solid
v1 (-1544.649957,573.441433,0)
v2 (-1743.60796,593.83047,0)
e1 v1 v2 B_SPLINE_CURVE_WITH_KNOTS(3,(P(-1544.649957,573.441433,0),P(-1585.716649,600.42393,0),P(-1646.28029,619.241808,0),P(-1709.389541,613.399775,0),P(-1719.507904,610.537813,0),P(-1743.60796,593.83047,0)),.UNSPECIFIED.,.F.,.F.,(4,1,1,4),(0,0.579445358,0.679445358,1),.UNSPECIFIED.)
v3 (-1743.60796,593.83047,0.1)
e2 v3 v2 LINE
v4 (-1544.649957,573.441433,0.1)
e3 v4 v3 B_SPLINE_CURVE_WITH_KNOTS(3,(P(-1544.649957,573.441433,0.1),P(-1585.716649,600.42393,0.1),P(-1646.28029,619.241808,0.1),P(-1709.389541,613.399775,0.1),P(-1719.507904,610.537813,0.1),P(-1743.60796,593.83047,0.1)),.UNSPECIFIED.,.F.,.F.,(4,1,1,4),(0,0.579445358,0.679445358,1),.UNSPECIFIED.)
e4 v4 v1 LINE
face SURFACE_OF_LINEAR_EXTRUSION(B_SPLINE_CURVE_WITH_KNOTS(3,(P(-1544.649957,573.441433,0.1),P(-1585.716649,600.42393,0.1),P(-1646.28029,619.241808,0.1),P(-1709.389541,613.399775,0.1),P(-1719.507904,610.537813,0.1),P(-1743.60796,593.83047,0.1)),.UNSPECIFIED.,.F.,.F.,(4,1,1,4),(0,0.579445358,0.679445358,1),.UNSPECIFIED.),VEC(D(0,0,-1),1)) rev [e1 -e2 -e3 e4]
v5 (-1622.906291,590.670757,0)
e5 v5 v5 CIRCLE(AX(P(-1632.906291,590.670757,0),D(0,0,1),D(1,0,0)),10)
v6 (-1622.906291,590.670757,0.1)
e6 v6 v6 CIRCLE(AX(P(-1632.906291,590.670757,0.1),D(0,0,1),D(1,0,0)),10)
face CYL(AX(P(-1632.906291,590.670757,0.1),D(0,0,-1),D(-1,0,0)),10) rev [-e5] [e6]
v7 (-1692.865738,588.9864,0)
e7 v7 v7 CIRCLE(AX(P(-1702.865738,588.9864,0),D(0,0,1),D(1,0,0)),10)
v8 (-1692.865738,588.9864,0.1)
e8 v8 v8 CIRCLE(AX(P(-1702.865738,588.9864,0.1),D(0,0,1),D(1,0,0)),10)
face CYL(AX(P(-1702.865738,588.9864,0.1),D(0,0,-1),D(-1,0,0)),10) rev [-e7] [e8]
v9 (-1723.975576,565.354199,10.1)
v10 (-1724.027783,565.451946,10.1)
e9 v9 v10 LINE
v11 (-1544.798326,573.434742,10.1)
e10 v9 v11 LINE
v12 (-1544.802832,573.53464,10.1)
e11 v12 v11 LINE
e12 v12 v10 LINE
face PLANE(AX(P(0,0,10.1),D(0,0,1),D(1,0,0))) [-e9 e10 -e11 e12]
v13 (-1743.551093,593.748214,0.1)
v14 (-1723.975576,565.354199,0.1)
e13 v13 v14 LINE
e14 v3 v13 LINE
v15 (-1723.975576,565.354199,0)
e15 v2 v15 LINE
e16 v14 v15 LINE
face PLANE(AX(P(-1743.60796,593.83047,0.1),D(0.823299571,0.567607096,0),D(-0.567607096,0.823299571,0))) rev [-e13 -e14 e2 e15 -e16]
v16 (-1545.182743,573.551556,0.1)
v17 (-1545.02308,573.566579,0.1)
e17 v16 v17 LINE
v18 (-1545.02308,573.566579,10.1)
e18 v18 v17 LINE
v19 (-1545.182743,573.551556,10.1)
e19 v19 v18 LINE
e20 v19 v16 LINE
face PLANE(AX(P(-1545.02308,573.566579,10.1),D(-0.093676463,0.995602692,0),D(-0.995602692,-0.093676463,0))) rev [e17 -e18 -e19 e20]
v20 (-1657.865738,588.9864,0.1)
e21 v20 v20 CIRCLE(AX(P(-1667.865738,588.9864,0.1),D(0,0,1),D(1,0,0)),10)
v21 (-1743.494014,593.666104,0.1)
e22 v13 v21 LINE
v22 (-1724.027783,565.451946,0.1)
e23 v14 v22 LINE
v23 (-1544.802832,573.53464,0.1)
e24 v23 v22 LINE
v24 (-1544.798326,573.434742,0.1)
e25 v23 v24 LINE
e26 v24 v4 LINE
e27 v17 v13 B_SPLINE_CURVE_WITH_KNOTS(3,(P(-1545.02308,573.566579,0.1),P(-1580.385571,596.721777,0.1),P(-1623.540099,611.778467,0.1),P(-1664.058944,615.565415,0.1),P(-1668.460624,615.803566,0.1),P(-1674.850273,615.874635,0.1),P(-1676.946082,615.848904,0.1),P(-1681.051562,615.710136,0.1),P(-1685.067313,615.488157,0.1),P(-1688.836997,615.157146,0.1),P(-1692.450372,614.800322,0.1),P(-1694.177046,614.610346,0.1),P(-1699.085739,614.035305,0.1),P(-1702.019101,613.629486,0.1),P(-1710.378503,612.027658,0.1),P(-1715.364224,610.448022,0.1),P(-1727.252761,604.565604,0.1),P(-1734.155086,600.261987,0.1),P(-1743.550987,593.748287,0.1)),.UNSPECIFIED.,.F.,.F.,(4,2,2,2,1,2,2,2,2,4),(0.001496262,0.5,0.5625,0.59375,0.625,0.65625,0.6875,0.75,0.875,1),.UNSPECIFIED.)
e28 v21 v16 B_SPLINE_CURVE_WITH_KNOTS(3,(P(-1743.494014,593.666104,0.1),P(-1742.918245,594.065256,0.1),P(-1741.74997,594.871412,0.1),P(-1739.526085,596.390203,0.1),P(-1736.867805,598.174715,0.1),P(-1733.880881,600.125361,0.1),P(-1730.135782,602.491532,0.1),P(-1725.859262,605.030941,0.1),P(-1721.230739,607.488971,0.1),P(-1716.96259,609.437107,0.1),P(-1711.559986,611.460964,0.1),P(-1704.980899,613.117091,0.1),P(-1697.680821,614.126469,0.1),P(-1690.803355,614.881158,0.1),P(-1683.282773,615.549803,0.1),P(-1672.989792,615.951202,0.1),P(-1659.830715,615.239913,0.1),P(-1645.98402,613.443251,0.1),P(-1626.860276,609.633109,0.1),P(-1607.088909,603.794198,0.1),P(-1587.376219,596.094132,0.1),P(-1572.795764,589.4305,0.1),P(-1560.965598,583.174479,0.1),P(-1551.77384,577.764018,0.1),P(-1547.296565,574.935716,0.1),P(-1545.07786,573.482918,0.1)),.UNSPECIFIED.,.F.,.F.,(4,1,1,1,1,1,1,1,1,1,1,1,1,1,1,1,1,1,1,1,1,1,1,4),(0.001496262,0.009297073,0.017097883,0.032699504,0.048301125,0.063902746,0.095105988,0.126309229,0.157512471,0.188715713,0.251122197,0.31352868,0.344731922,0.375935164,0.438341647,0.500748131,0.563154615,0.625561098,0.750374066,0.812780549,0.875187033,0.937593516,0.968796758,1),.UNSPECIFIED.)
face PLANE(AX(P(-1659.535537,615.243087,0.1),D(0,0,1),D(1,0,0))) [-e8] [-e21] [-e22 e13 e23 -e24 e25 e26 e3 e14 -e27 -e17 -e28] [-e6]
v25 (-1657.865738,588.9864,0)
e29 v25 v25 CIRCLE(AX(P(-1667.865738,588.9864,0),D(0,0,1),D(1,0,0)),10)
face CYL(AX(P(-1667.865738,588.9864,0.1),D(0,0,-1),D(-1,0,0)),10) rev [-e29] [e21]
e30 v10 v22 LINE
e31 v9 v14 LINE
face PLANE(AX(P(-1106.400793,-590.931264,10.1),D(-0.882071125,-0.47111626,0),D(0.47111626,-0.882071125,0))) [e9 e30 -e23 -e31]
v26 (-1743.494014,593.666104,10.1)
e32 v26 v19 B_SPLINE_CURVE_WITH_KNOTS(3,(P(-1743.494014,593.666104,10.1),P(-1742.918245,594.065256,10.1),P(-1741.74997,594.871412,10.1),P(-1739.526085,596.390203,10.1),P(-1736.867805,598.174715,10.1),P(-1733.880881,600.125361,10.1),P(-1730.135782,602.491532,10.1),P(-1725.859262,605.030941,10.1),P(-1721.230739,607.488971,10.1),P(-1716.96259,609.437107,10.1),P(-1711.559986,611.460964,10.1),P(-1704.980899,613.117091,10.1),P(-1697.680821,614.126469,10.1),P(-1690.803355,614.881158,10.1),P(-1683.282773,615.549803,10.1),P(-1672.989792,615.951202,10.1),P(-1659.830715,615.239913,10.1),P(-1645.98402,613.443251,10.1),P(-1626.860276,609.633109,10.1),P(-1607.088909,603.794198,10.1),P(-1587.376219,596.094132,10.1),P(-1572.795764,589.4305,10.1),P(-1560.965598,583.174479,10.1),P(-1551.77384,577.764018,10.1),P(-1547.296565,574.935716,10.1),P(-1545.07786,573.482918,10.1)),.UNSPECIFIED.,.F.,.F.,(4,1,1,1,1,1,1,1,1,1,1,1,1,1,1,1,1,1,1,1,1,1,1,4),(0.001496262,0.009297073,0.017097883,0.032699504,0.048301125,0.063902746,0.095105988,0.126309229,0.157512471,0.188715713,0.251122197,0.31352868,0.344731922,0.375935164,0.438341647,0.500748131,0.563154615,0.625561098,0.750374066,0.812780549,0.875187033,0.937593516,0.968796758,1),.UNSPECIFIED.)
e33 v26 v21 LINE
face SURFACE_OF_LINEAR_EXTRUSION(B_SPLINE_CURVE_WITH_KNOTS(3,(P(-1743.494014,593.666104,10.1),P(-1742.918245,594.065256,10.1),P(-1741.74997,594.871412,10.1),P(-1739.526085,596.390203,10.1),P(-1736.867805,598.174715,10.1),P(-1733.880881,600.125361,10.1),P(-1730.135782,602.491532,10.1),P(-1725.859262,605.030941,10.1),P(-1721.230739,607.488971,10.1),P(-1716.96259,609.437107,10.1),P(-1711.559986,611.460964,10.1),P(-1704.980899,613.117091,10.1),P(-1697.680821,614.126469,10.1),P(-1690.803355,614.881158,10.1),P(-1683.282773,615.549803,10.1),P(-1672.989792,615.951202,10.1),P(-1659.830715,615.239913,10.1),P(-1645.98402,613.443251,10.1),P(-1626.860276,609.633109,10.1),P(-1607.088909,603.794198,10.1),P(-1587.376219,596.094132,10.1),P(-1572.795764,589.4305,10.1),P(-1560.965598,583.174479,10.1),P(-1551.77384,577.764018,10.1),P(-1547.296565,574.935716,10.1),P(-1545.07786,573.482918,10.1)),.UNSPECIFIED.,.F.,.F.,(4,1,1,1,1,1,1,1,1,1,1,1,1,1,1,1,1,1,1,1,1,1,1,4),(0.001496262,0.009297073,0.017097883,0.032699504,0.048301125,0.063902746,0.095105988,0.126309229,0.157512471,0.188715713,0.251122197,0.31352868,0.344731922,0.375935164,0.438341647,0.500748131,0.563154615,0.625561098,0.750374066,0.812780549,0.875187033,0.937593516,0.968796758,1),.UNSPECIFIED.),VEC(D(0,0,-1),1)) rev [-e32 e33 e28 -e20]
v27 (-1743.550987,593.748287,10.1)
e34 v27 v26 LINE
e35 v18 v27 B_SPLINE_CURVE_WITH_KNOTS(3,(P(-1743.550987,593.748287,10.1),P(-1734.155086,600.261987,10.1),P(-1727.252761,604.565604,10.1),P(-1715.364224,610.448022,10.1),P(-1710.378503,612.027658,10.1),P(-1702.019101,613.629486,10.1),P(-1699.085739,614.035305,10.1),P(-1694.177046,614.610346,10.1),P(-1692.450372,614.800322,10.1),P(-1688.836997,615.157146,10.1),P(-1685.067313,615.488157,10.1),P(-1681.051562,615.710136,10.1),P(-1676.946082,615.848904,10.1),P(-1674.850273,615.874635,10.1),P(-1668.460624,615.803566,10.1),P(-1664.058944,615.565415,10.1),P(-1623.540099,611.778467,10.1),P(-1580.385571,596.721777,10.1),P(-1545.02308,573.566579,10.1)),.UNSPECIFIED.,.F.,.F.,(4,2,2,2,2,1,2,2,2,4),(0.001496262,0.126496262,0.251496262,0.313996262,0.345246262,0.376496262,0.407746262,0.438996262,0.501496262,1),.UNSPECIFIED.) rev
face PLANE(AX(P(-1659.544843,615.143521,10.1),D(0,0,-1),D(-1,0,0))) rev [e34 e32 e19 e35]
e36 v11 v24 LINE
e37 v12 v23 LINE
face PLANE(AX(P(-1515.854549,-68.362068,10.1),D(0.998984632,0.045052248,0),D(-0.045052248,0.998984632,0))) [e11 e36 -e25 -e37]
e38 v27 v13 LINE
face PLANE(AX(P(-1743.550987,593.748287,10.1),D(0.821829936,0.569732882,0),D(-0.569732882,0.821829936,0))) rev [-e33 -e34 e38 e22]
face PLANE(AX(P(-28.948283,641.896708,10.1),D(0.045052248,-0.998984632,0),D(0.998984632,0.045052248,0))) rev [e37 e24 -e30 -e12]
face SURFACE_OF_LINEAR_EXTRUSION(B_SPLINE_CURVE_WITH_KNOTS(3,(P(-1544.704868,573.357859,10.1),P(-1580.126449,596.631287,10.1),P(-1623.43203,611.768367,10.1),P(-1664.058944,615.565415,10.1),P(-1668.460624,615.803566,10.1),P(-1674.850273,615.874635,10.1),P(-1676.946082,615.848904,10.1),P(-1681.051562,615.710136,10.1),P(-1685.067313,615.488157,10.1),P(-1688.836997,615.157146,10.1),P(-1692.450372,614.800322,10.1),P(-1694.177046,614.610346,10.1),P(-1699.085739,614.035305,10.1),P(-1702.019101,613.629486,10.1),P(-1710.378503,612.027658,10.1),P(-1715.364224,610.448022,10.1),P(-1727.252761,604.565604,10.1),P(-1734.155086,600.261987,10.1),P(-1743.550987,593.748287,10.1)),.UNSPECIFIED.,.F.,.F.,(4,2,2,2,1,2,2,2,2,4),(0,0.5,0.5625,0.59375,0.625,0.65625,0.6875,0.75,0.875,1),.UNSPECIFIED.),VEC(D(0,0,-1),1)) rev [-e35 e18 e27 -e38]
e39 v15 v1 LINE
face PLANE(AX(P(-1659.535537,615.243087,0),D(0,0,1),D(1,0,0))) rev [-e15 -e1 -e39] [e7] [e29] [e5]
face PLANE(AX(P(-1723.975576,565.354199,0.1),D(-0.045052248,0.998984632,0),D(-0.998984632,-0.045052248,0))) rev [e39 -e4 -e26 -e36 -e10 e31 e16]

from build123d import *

# Parameters (mm, degrees)
SKETCH1_R           = 10
BOSS_EXTRUDE1_DEPTH = 0.1
BOSS_EXTRUDE2_DEPTH = 10
BOSS_EXTRUDE5_DEPTH = 10


with BuildPart() as part:
    # Sketch1 → Boss-Extrude1 (new body)
    with BuildSketch(Plane.XY):
        with BuildLine():
            Line((-1743.607960183, 593.830470178), (-1723.97557604, 565.354199265))
            Line((-1723.97557604, 565.354199265), (-1544.649956659, 573.44143308))
            add(Edge.make_bspline(
                [(-1743.607960183, 593.830470178), (-1719.507904213, 610.537812828), (-1709.389541143, 613.399774739), (-1646.280289738, 619.241808081), (-1585.716648888, 600.423930323), (-1544.649956659, 573.44143308)],
                knots=[0, 0, 0, 0, 0.320554642, 0.420554642, 1, 1, 1, 1], degree=3))
        make_face()
        with Locations((-1632.906290904, 590.670757295)):
            Circle(SKETCH1_R, mode=Mode.SUBTRACT)
        with Locations((-1667.865738011, 588.986400452)):
            Circle(SKETCH1_R, mode=Mode.SUBTRACT)
        with Locations((-1702.865738011, 588.986400452)):
            Circle(SKETCH1_R, mode=Mode.SUBTRACT)
    extrude(amount=BOSS_EXTRUDE1_DEPTH)

    # Sketch2 → Boss-Extrude2 (add)
    with BuildSketch(Plane.XY.offset(0.1)):
        Polygon((-1724.027783053, 565.451946471), (-1723.97557604, 565.354199265), (-1544.79832648, 573.434741892), (-1544.802831705, 573.534640355), align=None)
    extrude(amount=BOSS_EXTRUDE2_DEPTH)

    # Sketch3 → Boss-Extrude5 (add)
    with BuildSketch(Plane.XY.offset(0.1)):
        with BuildLine():
            Line((-1545.023079711, 573.566578824), (-1545.182742706, 573.5515561))
            add(Edge.make_bspline(
                [(-1545.182742706, 573.5515561), (-1547.367111706, 574.980268212), (-1551.810044118, 577.785328256), (-1560.965598012, 583.174479228), (-1572.795764, 589.430500324), (-1587.376218754, 596.094131565), (-1607.088908765, 603.794197945), (-1626.860275971, 609.633108879), (-1645.984019518, 613.443251497), (-1659.830715168, 615.239913168), (-1672.989792243, 615.951202382), (-1683.282773373, 615.549802626), (-1690.803354798, 614.881158472), (-1697.680820628, 614.1264693), (-1704.980899474, 613.117091179), (-1711.55998554, 611.460964287), (-1716.962589709, 609.43710742), (-1721.23073898, 607.488971473), (-1725.859262309, 605.030940979), (-1730.13578168, 602.491531609), (-1733.880880623, 600.125360581), (-1736.867805363, 598.174714985), (-1739.526085034, 596.39020329), (-1741.749970087, 594.871411779), (-1742.918244581, 594.065255562), (-1743.494013607, 593.66610419)],
                knots=[0.001987871, 0.001987871, 0.001987871, 0.001987871, 0.032699504, 0.063902746, 0.126309229, 0.188715713, 0.251122197, 0.375935164, 0.438341647, 0.500748131, 0.563154615, 0.625561098, 0.65676434, 0.687967582, 0.750374066, 0.812780549, 0.843983791, 0.875187033, 0.906390275, 0.937593516, 0.953195137, 0.968796758, 0.984398379, 0.99219919, 1, 1, 1, 1], degree=3))
            Line((-1743.494013607, 593.66610419), (-1743.550986895, 593.748287184))
            add(Edge.make_bspline(
                [(-1545.023079711, 573.566578824), (-1580.385570882, 596.721777486), (-1623.540098869, 611.77846709), (-1664.058944494, 615.565415197), (-1668.460623745, 615.803565887), (-1674.850272895, 615.874635067), (-1676.946082289, 615.848904453), (-1681.051562144, 615.71013567), (-1685.067312648, 615.488156686), (-1688.83699666, 615.1571463), (-1692.450372149, 614.800321889), (-1694.177045989, 614.610346383), (-1699.085739343, 614.035305054), (-1702.019101267, 613.629485697), (-1710.378502815, 612.027658053), (-1715.364224243, 610.448022257), (-1727.252760657, 604.56560412), (-1734.155086468, 600.261986909), (-1743.550986895, 593.748287184)],
                knots=[0.001496262, 0.001496262, 0.001496262, 0.001496262, 0.5, 0.5, 0.5625, 0.5625, 0.59375, 0.59375, 0.625, 0.65625, 0.65625, 0.6875, 0.6875, 0.75, 0.75, 0.875, 0.875, 1, 1, 1, 1], degree=3))
        make_face()
    extrude(amount=BOSS_EXTRUDE5_DEPTH)


solid = part.part
